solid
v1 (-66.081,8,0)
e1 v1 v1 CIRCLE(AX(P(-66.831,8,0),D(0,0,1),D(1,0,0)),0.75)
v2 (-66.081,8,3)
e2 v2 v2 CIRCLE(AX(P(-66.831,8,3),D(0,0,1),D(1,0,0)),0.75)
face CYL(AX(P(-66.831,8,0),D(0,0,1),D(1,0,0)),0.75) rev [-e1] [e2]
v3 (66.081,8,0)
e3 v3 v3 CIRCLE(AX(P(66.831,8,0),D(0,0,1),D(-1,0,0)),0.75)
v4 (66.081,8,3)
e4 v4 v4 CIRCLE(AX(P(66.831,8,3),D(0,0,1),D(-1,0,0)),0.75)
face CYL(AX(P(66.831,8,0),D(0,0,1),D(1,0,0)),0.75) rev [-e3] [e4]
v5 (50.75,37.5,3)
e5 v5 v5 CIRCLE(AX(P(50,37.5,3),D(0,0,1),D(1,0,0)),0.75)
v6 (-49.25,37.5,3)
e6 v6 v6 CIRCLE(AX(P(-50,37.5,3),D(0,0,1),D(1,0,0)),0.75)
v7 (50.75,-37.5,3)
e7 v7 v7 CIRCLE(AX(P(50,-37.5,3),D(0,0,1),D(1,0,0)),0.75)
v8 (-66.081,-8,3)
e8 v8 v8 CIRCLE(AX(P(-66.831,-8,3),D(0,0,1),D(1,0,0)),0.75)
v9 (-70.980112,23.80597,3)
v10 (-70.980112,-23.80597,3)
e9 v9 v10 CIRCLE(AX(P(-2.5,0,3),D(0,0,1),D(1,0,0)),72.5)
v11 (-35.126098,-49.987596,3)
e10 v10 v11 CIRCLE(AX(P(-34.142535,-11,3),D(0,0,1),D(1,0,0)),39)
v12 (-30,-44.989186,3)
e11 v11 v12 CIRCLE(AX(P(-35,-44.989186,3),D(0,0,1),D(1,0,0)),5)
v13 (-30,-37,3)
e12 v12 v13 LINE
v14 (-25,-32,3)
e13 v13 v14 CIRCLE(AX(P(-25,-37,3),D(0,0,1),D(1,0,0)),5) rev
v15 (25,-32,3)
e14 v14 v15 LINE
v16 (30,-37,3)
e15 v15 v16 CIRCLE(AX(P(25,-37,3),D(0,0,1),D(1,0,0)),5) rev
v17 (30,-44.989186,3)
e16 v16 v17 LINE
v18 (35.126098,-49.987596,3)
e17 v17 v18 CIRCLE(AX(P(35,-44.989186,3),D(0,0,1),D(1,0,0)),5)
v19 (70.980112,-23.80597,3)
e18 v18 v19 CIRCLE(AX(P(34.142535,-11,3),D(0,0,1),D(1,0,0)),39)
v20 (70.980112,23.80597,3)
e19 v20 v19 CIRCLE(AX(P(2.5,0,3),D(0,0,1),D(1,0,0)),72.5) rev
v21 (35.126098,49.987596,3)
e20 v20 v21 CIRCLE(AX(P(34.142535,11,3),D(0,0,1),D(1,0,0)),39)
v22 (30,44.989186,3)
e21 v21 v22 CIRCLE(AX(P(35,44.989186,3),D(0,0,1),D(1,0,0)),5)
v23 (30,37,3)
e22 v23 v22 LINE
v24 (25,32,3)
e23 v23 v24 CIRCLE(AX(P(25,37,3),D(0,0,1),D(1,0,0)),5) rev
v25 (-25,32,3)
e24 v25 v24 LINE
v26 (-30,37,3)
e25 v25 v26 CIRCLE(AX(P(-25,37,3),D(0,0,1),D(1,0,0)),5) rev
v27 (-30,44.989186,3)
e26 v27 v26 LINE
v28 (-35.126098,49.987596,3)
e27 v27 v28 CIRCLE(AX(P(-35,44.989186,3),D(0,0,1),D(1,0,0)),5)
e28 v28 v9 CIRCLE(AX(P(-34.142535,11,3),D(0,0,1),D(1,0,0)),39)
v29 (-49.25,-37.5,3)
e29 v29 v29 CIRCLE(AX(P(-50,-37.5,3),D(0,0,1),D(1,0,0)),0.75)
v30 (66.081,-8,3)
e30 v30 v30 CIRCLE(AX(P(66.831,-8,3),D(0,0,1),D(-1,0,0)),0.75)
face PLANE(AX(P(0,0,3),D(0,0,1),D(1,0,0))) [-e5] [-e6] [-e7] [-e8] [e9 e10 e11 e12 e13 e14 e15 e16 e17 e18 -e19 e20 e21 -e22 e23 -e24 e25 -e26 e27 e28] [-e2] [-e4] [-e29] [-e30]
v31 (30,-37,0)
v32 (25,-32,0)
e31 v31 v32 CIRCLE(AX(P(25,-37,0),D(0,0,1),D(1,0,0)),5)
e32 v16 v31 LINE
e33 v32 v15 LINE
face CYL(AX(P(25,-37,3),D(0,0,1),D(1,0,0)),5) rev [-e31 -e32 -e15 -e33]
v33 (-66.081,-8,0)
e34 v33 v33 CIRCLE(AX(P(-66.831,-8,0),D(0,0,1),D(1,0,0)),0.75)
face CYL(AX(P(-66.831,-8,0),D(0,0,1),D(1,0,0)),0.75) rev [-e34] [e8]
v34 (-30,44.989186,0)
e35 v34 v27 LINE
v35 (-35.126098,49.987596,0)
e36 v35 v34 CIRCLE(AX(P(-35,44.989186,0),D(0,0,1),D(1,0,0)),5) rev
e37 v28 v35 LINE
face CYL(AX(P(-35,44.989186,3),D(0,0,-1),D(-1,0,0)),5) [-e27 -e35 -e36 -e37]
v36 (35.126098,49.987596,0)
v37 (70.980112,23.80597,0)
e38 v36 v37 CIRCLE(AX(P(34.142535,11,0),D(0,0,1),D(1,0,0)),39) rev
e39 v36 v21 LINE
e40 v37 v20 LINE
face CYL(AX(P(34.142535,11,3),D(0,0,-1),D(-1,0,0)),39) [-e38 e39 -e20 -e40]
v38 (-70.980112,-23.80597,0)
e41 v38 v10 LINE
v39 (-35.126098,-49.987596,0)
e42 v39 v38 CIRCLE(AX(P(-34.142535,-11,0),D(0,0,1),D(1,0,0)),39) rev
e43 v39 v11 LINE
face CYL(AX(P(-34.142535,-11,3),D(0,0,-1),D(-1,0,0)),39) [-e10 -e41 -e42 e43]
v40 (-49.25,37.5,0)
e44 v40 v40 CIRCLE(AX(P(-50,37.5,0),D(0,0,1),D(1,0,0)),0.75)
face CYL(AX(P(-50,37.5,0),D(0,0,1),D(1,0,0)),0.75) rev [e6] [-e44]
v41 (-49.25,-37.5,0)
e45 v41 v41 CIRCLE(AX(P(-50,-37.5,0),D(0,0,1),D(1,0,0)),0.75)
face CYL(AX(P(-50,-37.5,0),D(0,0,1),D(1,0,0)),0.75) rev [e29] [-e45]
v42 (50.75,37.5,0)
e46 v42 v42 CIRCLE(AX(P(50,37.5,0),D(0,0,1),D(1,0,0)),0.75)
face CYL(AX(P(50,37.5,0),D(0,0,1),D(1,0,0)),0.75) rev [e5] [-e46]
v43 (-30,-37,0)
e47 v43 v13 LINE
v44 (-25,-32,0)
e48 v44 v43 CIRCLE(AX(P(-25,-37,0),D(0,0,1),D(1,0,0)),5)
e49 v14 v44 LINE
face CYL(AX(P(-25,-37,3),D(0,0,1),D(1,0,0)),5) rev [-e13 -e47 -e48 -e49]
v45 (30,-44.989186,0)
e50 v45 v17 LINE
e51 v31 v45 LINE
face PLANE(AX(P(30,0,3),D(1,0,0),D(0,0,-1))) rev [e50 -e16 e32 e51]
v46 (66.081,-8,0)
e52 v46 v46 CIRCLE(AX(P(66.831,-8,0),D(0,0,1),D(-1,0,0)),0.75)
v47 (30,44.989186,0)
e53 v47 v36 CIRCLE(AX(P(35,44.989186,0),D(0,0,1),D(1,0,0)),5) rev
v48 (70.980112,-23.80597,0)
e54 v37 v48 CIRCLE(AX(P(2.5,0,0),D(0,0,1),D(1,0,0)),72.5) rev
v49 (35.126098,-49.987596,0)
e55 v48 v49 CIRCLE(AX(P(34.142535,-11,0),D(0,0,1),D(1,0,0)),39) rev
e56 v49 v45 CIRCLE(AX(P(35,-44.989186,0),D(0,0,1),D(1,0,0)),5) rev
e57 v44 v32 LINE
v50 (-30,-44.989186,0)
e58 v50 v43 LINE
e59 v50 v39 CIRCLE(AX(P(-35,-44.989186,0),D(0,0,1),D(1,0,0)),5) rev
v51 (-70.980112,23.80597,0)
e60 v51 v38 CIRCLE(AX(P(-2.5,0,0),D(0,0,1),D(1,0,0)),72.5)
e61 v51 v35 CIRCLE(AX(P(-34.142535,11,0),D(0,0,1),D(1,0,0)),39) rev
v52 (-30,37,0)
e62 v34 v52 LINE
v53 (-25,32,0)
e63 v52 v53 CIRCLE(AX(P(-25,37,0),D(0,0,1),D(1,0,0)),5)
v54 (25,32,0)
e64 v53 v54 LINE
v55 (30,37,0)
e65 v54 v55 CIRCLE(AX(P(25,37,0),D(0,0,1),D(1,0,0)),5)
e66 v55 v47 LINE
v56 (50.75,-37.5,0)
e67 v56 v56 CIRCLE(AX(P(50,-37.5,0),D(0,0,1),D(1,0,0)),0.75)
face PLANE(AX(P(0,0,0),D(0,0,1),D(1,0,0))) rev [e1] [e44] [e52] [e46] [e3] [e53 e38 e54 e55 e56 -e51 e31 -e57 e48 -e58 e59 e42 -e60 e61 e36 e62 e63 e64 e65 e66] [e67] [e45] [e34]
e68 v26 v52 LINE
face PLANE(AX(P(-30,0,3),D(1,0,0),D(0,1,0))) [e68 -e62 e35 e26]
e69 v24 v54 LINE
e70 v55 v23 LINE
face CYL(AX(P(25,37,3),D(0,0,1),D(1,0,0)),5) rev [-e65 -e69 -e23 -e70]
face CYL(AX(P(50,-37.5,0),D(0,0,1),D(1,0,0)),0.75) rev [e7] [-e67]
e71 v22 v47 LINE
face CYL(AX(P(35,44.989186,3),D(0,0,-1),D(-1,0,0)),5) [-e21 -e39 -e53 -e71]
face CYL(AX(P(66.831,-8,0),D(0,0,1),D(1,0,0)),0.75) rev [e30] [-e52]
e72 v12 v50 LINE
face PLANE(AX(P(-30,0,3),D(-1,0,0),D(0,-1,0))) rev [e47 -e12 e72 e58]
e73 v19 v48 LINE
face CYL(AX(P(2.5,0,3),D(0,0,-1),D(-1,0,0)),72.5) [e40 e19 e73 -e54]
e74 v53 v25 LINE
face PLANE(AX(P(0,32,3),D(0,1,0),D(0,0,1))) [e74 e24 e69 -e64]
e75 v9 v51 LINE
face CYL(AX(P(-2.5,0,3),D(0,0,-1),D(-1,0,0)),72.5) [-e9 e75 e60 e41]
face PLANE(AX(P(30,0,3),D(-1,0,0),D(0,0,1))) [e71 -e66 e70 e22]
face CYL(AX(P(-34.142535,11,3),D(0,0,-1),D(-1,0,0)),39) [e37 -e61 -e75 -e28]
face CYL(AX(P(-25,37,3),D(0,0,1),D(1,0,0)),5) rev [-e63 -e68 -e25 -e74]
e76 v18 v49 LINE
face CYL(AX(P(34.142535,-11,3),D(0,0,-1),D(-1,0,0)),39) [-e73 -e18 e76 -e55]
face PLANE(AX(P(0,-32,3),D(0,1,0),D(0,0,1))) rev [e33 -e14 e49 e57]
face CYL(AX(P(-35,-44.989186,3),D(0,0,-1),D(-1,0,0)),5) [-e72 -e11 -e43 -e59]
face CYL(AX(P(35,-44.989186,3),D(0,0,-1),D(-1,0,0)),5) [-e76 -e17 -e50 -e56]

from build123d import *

# Parameters (mm, degrees)
BOSS_EXTRUDE1_DEPTH = 3
FILLET1_R           = 39
FILLET3_R           = 5
SKETCH7_R           = 0.75
CUT_EXTRUDE2_DEPTH  = 3
SKETCH8_R           = 0.75
CUT_EXTRUDE3_DEPTH  = 91.182696374


with BuildPart() as part:
    # Sketch1 → Boss-Extrude1 (new body)
    with BuildSketch(Plane.XY):
        Polygon((-30, 50), (-55, 50), (-55, -50), (-30, -50), (-30, -32), (30, -32), (30, -50), (55, -50), (55, 50), (30, 50), (30, 32), (-30, 32), align=None)
        with BuildLine():
            Line((-55, -50), (-55, 50))
            ThreePointArc((-55, 50), (-75, 0), (-55, -50))
        make_face()
        with BuildLine():
            ThreePointArc((55, -50), (75, 0), (55, 50))
            Line((55, 50), (55, -50))
        make_face()
    extrude(amount=BOSS_EXTRUDE1_DEPTH)

    # Fillet1
    fillet1_edges = [part.edges().sort_by_distance(p)[0] for p in [
        (-55, 50, 1.5),
        (55, 50, 1.5),
        (55, -50, 1.5),
        (-55, -50, 1.5),
    ]]
    fillet(fillet1_edges, radius=FILLET1_R)

    # Fillet3
    fillet3_edges = [part.edges().sort_by_distance(p)[0] for p in [
        (30, -50, 1.5),
        (-30, -50, 1.5),
        (30, 50, 1.5),
        (-30, 50, 1.5),
        (30, 32, 1.5),
        (-30, 32, 1.5),
        (-30, -32, 1.5),
        (30, -32, 1.5),
    ]]
    fillet(fillet3_edges, radius=FILLET3_R)

    # Sketch7 → Cut-Extrude2 (cut)
    with BuildSketch(Plane.XY.offset(3)):
        with Locations((-50, 37.5)):
            Circle(SKETCH7_R)
        with Locations((-50, -37.5)):
            Circle(SKETCH7_R)
        with Locations((50, -37.5)):
            Circle(SKETCH7_R)
        with Locations((50, 37.5)):
            Circle(SKETCH7_R)
    extrude(amount=-CUT_EXTRUDE2_DEPTH, mode=Mode.SUBTRACT)

    # Sketch8 → Cut-Extrude3 (cut, through all)
    with BuildSketch(Plane.XY.offset(3)):
        with Locations((-66.83099976, 8)):
            Circle(SKETCH8_R)
        with Locations((-66.83099976, -8)):
            Circle(SKETCH8_R)
        with Locations(Location((66.83099976, -8, 0), (0, 0, 180))):
            Circle(SKETCH8_R)
        with Locations(Location((66.83099976, 8, 0), (0, 0, 180))):
            Circle(SKETCH8_R)
    extrude(amount=-CUT_EXTRUDE3_DEPTH, mode=Mode.SUBTRACT)


solid = part.part
